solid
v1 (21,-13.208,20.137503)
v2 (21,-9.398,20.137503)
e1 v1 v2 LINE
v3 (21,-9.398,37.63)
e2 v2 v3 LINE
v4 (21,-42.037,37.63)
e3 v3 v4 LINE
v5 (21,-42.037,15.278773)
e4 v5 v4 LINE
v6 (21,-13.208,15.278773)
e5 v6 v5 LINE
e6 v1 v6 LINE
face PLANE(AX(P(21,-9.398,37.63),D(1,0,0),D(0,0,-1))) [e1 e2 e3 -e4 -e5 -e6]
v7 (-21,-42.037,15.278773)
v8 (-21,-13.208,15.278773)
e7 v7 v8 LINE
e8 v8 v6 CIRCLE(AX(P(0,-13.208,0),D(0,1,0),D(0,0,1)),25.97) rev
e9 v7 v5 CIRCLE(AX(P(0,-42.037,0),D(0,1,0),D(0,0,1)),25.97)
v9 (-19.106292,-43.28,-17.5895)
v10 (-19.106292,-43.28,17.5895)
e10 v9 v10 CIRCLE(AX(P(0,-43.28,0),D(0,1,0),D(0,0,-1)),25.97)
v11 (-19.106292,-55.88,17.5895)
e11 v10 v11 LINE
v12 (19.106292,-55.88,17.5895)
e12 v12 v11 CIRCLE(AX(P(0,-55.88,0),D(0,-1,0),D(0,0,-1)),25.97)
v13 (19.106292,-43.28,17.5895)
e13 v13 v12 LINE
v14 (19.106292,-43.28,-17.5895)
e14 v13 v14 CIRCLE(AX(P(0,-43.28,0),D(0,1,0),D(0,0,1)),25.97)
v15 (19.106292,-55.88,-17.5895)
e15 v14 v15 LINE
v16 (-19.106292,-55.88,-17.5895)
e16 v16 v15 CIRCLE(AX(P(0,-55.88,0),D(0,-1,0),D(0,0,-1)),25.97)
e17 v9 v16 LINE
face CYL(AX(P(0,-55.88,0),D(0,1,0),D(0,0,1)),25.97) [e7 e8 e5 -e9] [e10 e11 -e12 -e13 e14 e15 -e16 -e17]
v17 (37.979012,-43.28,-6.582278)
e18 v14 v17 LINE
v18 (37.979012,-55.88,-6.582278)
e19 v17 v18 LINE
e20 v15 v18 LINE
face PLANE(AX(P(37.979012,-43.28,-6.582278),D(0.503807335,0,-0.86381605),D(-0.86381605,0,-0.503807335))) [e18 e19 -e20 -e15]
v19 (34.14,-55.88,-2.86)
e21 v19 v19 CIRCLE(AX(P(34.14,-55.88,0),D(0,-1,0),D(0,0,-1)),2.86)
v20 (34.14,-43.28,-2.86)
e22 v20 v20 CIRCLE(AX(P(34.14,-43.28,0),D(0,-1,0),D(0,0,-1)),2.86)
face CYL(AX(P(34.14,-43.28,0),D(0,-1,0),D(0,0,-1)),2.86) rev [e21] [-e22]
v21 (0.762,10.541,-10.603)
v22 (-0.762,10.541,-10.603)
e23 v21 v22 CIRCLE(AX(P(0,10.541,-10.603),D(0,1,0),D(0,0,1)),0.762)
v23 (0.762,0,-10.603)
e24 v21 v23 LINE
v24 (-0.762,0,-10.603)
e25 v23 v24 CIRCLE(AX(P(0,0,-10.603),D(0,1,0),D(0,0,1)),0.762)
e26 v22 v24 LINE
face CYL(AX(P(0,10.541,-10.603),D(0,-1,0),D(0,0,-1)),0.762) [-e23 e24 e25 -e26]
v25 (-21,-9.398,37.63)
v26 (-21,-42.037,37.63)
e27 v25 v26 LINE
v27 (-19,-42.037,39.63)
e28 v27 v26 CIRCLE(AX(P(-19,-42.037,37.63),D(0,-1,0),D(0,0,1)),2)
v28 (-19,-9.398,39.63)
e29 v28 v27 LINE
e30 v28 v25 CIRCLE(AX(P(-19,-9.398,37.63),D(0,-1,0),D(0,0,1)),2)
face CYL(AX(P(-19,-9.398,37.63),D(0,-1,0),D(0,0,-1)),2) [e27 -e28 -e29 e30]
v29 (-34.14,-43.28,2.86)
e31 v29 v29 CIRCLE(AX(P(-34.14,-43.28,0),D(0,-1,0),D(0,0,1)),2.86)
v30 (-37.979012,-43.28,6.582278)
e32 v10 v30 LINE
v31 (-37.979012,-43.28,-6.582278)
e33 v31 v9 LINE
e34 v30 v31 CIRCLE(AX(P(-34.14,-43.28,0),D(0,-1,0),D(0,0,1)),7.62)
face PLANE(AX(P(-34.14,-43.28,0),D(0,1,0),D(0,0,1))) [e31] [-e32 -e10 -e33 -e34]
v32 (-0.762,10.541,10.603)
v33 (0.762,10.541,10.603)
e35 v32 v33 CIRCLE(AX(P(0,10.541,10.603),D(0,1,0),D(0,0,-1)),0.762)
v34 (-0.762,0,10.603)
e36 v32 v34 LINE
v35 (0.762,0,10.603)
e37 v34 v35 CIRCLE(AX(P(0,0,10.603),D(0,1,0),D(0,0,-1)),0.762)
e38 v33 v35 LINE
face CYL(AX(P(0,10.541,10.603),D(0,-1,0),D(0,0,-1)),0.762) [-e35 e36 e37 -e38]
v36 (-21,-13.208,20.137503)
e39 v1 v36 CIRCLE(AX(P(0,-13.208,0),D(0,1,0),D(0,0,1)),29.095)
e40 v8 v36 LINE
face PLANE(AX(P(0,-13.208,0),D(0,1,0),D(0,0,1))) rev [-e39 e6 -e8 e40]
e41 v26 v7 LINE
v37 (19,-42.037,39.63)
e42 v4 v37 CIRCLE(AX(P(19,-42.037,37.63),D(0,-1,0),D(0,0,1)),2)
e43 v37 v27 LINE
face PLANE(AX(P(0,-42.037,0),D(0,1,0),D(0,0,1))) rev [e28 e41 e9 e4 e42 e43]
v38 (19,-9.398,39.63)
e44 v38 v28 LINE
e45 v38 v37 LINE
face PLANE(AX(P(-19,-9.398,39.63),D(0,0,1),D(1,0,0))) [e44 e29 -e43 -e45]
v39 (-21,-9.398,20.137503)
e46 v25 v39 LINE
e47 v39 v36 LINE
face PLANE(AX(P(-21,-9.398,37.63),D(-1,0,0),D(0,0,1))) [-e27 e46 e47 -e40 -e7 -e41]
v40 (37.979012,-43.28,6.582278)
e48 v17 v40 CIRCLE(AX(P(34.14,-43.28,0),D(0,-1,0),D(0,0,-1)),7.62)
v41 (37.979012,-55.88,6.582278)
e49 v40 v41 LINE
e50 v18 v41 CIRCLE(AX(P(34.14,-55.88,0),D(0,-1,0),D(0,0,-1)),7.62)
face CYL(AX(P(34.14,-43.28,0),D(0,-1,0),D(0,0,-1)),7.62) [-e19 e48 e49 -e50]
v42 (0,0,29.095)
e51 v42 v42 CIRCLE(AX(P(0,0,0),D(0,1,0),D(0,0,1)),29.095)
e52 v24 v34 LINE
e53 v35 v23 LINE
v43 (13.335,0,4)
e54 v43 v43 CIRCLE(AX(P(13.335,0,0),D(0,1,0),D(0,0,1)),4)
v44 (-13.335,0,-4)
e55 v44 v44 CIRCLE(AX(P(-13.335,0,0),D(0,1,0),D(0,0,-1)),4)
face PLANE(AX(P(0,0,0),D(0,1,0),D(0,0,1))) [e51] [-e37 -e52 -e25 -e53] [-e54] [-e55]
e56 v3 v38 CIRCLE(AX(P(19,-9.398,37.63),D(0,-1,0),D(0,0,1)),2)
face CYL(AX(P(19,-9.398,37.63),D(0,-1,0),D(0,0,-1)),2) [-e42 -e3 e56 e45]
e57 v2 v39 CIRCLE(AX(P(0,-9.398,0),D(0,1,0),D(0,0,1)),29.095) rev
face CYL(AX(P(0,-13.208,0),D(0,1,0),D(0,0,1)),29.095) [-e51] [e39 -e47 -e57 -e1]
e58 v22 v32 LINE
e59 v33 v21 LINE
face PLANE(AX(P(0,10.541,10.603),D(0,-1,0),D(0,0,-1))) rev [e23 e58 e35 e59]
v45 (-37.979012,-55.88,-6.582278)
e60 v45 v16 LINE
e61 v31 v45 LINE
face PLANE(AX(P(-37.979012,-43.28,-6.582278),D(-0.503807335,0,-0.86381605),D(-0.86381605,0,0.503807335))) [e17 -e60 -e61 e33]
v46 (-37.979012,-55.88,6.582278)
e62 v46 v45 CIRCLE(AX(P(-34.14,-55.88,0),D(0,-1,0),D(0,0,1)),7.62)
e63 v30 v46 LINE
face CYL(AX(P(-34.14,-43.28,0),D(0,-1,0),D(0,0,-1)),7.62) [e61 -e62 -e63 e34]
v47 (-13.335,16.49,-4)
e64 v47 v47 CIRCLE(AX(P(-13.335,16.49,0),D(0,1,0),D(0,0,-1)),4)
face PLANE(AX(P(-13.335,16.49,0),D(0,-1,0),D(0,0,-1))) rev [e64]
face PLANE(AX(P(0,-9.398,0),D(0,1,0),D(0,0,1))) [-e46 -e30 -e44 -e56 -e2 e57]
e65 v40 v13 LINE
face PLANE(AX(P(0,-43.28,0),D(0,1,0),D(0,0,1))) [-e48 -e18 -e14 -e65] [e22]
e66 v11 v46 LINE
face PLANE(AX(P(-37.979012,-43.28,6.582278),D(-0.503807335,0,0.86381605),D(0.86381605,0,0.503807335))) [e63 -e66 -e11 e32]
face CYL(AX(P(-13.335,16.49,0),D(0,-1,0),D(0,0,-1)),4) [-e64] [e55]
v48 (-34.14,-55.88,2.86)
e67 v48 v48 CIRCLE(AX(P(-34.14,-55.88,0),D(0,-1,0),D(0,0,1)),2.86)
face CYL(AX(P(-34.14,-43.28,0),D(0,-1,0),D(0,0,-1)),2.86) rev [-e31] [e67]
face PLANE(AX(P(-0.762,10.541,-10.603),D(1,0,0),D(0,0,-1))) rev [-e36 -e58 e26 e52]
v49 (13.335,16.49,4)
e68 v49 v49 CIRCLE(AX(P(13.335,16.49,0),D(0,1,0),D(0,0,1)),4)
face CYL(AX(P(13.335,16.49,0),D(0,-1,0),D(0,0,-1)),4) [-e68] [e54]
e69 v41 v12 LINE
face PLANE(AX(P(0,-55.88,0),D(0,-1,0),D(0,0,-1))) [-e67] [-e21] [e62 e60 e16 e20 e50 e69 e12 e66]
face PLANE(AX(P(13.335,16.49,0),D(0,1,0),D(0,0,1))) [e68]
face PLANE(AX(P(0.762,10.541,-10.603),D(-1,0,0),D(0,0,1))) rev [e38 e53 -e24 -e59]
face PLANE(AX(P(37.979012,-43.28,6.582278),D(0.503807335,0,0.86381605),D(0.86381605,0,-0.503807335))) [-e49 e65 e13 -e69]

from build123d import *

# Parameters (mm, degrees)
SKETCH1_R           = 29.095
BOSS_EXTRUDE1_DEPTH = 13.208
SKETCH2_R           = 25.97
BOSS_EXTRUDE2_DEPTH = 42.672
BOSS_EXTRUDE3_START = -12.6
SKETCH3_R           = 2.86
BOSS_EXTRUDE3_DEPTH = 12.6
SKETCH4_R           = 4
BOSS_EXTRUDE4_DEPTH = 16.49
BOSS_EXTRUDE5_DEPTH = 10.541
BOSS_EXTRUDE6_START = -46.482
BOSS_EXTRUDE6_DEPTH = 32.639


with BuildPart() as part:
    # Sketch1 → Boss-Extrude1 (new body)
    with BuildSketch(Plane(origin=(0, 0, 0), x_dir=(1, 0, 0), z_dir=(0, 1, 0))):
        with Locations(Location((0, 0, 0), (0, 0, 270))):
            Circle(SKETCH1_R)
    extrude(amount=-BOSS_EXTRUDE1_DEPTH)

    # Sketch2 → Boss-Extrude2 (add)
    with BuildSketch(Plane.XZ.offset(13.208)):
        with Locations(Location((0, 0, 0), (0, 0, 90))):
            Circle(SKETCH2_R)
    extrude(amount=BOSS_EXTRUDE2_DEPTH)

    # Sketch3 → Boss-Extrude3 (add)
    # profile 1 of 2: a face of its own
    with BuildSketch(Plane.XZ.offset(55.88).offset(BOSS_EXTRUDE3_START)):
        with BuildLine():
            Line((37.979011894, -6.582278305), (19.106291889, -17.5895))
            ThreePointArc((19.106291889, -17.5895), (25.97, 0), (19.106291889, 17.5895))
            Line((19.106291889, 17.5895), (37.979011894, 6.582278305))
            ThreePointArc((37.979011894, 6.582278305), (41.76, 0), (37.979011894, -6.582278305))
        make_face()
        with Locations(Location((34.14, 0, 0), (0, 0, 270))):
            Circle(SKETCH3_R, mode=Mode.SUBTRACT)
    # profile 2 of 2: a face of its own
    with BuildSketch(Plane.XZ.offset(55.88).offset(BOSS_EXTRUDE3_START)):
        with BuildLine():
            Line((-37.979011894, 6.582278305), (-19.106291889, 17.5895))
            ThreePointArc((-19.106291889, 17.5895), (-25.97, 0), (-19.106291889, -17.5895))
            Line((-19.106291889, -17.5895), (-37.979011894, -6.582278305))
            ThreePointArc((-37.979011894, -6.582278305), (-41.76, 0), (-37.979011894, 6.582278305))
        make_face()
        with Locations(Location((-34.14, 0, 0), (0, 0, 90))):
            Circle(SKETCH3_R, mode=Mode.SUBTRACT)
    extrude(amount=BOSS_EXTRUDE3_DEPTH)

    # Sketch4 → Boss-Extrude4 (add)
    with BuildSketch(Plane(origin=(0, 0, 0), x_dir=(1, 0, 0), z_dir=(0, 1, 0))):
        with Locations(Location((13.335, 0, 0), (0, 0, 270))):
            Circle(SKETCH4_R)
        with Locations(Location((-13.335, 0, 0), (0, 0, 90))):
            Circle(SKETCH4_R)
    extrude(amount=BOSS_EXTRUDE4_DEPTH)

    # Sketch5 → Boss-Extrude5 (add)
    with BuildSketch(Plane(origin=(0, 0, 0), x_dir=(1, 0, 0), z_dir=(0, 1, 0))):
        with BuildLine():
            Line((-0.762, 10.603000191), (-0.762, -10.603000191))
            ThreePointArc((-0.762, -10.603000191), (0, -11.365), (0.762, -10.603000191))
            Line((0.762, -10.603000191), (0.762, 10.603000191))
            ThreePointArc((0.762, 10.603000191), (0, 11.365), (-0.762, 10.603000191))
        make_face()
    extrude(amount=BOSS_EXTRUDE5_DEPTH)

    # Sketch6 → Boss-Extrude6 (add)
    with BuildSketch(Plane.XZ.offset(55.88).offset(BOSS_EXTRUDE6_START)):
        with BuildLine():
            Line((-19, 39.63), (19, 39.63))
            ThreePointArc((19, 39.63), (20.414213562, 39.044213562), (21, 37.63))
            Line((21, 37.63), (21, 15.278772856))
            ThreePointArc((21, 15.278772856), (0, 25.97), (-21, 15.278772856))
            Line((-21, 15.278772856), (-21, 37.63))
            ThreePointArc((-21, 37.63), (-20.414213562, 39.044213562), (-19, 39.63))
        make_face()
    extrude(amount=BOSS_EXTRUDE6_DEPTH)


solid = part.part
